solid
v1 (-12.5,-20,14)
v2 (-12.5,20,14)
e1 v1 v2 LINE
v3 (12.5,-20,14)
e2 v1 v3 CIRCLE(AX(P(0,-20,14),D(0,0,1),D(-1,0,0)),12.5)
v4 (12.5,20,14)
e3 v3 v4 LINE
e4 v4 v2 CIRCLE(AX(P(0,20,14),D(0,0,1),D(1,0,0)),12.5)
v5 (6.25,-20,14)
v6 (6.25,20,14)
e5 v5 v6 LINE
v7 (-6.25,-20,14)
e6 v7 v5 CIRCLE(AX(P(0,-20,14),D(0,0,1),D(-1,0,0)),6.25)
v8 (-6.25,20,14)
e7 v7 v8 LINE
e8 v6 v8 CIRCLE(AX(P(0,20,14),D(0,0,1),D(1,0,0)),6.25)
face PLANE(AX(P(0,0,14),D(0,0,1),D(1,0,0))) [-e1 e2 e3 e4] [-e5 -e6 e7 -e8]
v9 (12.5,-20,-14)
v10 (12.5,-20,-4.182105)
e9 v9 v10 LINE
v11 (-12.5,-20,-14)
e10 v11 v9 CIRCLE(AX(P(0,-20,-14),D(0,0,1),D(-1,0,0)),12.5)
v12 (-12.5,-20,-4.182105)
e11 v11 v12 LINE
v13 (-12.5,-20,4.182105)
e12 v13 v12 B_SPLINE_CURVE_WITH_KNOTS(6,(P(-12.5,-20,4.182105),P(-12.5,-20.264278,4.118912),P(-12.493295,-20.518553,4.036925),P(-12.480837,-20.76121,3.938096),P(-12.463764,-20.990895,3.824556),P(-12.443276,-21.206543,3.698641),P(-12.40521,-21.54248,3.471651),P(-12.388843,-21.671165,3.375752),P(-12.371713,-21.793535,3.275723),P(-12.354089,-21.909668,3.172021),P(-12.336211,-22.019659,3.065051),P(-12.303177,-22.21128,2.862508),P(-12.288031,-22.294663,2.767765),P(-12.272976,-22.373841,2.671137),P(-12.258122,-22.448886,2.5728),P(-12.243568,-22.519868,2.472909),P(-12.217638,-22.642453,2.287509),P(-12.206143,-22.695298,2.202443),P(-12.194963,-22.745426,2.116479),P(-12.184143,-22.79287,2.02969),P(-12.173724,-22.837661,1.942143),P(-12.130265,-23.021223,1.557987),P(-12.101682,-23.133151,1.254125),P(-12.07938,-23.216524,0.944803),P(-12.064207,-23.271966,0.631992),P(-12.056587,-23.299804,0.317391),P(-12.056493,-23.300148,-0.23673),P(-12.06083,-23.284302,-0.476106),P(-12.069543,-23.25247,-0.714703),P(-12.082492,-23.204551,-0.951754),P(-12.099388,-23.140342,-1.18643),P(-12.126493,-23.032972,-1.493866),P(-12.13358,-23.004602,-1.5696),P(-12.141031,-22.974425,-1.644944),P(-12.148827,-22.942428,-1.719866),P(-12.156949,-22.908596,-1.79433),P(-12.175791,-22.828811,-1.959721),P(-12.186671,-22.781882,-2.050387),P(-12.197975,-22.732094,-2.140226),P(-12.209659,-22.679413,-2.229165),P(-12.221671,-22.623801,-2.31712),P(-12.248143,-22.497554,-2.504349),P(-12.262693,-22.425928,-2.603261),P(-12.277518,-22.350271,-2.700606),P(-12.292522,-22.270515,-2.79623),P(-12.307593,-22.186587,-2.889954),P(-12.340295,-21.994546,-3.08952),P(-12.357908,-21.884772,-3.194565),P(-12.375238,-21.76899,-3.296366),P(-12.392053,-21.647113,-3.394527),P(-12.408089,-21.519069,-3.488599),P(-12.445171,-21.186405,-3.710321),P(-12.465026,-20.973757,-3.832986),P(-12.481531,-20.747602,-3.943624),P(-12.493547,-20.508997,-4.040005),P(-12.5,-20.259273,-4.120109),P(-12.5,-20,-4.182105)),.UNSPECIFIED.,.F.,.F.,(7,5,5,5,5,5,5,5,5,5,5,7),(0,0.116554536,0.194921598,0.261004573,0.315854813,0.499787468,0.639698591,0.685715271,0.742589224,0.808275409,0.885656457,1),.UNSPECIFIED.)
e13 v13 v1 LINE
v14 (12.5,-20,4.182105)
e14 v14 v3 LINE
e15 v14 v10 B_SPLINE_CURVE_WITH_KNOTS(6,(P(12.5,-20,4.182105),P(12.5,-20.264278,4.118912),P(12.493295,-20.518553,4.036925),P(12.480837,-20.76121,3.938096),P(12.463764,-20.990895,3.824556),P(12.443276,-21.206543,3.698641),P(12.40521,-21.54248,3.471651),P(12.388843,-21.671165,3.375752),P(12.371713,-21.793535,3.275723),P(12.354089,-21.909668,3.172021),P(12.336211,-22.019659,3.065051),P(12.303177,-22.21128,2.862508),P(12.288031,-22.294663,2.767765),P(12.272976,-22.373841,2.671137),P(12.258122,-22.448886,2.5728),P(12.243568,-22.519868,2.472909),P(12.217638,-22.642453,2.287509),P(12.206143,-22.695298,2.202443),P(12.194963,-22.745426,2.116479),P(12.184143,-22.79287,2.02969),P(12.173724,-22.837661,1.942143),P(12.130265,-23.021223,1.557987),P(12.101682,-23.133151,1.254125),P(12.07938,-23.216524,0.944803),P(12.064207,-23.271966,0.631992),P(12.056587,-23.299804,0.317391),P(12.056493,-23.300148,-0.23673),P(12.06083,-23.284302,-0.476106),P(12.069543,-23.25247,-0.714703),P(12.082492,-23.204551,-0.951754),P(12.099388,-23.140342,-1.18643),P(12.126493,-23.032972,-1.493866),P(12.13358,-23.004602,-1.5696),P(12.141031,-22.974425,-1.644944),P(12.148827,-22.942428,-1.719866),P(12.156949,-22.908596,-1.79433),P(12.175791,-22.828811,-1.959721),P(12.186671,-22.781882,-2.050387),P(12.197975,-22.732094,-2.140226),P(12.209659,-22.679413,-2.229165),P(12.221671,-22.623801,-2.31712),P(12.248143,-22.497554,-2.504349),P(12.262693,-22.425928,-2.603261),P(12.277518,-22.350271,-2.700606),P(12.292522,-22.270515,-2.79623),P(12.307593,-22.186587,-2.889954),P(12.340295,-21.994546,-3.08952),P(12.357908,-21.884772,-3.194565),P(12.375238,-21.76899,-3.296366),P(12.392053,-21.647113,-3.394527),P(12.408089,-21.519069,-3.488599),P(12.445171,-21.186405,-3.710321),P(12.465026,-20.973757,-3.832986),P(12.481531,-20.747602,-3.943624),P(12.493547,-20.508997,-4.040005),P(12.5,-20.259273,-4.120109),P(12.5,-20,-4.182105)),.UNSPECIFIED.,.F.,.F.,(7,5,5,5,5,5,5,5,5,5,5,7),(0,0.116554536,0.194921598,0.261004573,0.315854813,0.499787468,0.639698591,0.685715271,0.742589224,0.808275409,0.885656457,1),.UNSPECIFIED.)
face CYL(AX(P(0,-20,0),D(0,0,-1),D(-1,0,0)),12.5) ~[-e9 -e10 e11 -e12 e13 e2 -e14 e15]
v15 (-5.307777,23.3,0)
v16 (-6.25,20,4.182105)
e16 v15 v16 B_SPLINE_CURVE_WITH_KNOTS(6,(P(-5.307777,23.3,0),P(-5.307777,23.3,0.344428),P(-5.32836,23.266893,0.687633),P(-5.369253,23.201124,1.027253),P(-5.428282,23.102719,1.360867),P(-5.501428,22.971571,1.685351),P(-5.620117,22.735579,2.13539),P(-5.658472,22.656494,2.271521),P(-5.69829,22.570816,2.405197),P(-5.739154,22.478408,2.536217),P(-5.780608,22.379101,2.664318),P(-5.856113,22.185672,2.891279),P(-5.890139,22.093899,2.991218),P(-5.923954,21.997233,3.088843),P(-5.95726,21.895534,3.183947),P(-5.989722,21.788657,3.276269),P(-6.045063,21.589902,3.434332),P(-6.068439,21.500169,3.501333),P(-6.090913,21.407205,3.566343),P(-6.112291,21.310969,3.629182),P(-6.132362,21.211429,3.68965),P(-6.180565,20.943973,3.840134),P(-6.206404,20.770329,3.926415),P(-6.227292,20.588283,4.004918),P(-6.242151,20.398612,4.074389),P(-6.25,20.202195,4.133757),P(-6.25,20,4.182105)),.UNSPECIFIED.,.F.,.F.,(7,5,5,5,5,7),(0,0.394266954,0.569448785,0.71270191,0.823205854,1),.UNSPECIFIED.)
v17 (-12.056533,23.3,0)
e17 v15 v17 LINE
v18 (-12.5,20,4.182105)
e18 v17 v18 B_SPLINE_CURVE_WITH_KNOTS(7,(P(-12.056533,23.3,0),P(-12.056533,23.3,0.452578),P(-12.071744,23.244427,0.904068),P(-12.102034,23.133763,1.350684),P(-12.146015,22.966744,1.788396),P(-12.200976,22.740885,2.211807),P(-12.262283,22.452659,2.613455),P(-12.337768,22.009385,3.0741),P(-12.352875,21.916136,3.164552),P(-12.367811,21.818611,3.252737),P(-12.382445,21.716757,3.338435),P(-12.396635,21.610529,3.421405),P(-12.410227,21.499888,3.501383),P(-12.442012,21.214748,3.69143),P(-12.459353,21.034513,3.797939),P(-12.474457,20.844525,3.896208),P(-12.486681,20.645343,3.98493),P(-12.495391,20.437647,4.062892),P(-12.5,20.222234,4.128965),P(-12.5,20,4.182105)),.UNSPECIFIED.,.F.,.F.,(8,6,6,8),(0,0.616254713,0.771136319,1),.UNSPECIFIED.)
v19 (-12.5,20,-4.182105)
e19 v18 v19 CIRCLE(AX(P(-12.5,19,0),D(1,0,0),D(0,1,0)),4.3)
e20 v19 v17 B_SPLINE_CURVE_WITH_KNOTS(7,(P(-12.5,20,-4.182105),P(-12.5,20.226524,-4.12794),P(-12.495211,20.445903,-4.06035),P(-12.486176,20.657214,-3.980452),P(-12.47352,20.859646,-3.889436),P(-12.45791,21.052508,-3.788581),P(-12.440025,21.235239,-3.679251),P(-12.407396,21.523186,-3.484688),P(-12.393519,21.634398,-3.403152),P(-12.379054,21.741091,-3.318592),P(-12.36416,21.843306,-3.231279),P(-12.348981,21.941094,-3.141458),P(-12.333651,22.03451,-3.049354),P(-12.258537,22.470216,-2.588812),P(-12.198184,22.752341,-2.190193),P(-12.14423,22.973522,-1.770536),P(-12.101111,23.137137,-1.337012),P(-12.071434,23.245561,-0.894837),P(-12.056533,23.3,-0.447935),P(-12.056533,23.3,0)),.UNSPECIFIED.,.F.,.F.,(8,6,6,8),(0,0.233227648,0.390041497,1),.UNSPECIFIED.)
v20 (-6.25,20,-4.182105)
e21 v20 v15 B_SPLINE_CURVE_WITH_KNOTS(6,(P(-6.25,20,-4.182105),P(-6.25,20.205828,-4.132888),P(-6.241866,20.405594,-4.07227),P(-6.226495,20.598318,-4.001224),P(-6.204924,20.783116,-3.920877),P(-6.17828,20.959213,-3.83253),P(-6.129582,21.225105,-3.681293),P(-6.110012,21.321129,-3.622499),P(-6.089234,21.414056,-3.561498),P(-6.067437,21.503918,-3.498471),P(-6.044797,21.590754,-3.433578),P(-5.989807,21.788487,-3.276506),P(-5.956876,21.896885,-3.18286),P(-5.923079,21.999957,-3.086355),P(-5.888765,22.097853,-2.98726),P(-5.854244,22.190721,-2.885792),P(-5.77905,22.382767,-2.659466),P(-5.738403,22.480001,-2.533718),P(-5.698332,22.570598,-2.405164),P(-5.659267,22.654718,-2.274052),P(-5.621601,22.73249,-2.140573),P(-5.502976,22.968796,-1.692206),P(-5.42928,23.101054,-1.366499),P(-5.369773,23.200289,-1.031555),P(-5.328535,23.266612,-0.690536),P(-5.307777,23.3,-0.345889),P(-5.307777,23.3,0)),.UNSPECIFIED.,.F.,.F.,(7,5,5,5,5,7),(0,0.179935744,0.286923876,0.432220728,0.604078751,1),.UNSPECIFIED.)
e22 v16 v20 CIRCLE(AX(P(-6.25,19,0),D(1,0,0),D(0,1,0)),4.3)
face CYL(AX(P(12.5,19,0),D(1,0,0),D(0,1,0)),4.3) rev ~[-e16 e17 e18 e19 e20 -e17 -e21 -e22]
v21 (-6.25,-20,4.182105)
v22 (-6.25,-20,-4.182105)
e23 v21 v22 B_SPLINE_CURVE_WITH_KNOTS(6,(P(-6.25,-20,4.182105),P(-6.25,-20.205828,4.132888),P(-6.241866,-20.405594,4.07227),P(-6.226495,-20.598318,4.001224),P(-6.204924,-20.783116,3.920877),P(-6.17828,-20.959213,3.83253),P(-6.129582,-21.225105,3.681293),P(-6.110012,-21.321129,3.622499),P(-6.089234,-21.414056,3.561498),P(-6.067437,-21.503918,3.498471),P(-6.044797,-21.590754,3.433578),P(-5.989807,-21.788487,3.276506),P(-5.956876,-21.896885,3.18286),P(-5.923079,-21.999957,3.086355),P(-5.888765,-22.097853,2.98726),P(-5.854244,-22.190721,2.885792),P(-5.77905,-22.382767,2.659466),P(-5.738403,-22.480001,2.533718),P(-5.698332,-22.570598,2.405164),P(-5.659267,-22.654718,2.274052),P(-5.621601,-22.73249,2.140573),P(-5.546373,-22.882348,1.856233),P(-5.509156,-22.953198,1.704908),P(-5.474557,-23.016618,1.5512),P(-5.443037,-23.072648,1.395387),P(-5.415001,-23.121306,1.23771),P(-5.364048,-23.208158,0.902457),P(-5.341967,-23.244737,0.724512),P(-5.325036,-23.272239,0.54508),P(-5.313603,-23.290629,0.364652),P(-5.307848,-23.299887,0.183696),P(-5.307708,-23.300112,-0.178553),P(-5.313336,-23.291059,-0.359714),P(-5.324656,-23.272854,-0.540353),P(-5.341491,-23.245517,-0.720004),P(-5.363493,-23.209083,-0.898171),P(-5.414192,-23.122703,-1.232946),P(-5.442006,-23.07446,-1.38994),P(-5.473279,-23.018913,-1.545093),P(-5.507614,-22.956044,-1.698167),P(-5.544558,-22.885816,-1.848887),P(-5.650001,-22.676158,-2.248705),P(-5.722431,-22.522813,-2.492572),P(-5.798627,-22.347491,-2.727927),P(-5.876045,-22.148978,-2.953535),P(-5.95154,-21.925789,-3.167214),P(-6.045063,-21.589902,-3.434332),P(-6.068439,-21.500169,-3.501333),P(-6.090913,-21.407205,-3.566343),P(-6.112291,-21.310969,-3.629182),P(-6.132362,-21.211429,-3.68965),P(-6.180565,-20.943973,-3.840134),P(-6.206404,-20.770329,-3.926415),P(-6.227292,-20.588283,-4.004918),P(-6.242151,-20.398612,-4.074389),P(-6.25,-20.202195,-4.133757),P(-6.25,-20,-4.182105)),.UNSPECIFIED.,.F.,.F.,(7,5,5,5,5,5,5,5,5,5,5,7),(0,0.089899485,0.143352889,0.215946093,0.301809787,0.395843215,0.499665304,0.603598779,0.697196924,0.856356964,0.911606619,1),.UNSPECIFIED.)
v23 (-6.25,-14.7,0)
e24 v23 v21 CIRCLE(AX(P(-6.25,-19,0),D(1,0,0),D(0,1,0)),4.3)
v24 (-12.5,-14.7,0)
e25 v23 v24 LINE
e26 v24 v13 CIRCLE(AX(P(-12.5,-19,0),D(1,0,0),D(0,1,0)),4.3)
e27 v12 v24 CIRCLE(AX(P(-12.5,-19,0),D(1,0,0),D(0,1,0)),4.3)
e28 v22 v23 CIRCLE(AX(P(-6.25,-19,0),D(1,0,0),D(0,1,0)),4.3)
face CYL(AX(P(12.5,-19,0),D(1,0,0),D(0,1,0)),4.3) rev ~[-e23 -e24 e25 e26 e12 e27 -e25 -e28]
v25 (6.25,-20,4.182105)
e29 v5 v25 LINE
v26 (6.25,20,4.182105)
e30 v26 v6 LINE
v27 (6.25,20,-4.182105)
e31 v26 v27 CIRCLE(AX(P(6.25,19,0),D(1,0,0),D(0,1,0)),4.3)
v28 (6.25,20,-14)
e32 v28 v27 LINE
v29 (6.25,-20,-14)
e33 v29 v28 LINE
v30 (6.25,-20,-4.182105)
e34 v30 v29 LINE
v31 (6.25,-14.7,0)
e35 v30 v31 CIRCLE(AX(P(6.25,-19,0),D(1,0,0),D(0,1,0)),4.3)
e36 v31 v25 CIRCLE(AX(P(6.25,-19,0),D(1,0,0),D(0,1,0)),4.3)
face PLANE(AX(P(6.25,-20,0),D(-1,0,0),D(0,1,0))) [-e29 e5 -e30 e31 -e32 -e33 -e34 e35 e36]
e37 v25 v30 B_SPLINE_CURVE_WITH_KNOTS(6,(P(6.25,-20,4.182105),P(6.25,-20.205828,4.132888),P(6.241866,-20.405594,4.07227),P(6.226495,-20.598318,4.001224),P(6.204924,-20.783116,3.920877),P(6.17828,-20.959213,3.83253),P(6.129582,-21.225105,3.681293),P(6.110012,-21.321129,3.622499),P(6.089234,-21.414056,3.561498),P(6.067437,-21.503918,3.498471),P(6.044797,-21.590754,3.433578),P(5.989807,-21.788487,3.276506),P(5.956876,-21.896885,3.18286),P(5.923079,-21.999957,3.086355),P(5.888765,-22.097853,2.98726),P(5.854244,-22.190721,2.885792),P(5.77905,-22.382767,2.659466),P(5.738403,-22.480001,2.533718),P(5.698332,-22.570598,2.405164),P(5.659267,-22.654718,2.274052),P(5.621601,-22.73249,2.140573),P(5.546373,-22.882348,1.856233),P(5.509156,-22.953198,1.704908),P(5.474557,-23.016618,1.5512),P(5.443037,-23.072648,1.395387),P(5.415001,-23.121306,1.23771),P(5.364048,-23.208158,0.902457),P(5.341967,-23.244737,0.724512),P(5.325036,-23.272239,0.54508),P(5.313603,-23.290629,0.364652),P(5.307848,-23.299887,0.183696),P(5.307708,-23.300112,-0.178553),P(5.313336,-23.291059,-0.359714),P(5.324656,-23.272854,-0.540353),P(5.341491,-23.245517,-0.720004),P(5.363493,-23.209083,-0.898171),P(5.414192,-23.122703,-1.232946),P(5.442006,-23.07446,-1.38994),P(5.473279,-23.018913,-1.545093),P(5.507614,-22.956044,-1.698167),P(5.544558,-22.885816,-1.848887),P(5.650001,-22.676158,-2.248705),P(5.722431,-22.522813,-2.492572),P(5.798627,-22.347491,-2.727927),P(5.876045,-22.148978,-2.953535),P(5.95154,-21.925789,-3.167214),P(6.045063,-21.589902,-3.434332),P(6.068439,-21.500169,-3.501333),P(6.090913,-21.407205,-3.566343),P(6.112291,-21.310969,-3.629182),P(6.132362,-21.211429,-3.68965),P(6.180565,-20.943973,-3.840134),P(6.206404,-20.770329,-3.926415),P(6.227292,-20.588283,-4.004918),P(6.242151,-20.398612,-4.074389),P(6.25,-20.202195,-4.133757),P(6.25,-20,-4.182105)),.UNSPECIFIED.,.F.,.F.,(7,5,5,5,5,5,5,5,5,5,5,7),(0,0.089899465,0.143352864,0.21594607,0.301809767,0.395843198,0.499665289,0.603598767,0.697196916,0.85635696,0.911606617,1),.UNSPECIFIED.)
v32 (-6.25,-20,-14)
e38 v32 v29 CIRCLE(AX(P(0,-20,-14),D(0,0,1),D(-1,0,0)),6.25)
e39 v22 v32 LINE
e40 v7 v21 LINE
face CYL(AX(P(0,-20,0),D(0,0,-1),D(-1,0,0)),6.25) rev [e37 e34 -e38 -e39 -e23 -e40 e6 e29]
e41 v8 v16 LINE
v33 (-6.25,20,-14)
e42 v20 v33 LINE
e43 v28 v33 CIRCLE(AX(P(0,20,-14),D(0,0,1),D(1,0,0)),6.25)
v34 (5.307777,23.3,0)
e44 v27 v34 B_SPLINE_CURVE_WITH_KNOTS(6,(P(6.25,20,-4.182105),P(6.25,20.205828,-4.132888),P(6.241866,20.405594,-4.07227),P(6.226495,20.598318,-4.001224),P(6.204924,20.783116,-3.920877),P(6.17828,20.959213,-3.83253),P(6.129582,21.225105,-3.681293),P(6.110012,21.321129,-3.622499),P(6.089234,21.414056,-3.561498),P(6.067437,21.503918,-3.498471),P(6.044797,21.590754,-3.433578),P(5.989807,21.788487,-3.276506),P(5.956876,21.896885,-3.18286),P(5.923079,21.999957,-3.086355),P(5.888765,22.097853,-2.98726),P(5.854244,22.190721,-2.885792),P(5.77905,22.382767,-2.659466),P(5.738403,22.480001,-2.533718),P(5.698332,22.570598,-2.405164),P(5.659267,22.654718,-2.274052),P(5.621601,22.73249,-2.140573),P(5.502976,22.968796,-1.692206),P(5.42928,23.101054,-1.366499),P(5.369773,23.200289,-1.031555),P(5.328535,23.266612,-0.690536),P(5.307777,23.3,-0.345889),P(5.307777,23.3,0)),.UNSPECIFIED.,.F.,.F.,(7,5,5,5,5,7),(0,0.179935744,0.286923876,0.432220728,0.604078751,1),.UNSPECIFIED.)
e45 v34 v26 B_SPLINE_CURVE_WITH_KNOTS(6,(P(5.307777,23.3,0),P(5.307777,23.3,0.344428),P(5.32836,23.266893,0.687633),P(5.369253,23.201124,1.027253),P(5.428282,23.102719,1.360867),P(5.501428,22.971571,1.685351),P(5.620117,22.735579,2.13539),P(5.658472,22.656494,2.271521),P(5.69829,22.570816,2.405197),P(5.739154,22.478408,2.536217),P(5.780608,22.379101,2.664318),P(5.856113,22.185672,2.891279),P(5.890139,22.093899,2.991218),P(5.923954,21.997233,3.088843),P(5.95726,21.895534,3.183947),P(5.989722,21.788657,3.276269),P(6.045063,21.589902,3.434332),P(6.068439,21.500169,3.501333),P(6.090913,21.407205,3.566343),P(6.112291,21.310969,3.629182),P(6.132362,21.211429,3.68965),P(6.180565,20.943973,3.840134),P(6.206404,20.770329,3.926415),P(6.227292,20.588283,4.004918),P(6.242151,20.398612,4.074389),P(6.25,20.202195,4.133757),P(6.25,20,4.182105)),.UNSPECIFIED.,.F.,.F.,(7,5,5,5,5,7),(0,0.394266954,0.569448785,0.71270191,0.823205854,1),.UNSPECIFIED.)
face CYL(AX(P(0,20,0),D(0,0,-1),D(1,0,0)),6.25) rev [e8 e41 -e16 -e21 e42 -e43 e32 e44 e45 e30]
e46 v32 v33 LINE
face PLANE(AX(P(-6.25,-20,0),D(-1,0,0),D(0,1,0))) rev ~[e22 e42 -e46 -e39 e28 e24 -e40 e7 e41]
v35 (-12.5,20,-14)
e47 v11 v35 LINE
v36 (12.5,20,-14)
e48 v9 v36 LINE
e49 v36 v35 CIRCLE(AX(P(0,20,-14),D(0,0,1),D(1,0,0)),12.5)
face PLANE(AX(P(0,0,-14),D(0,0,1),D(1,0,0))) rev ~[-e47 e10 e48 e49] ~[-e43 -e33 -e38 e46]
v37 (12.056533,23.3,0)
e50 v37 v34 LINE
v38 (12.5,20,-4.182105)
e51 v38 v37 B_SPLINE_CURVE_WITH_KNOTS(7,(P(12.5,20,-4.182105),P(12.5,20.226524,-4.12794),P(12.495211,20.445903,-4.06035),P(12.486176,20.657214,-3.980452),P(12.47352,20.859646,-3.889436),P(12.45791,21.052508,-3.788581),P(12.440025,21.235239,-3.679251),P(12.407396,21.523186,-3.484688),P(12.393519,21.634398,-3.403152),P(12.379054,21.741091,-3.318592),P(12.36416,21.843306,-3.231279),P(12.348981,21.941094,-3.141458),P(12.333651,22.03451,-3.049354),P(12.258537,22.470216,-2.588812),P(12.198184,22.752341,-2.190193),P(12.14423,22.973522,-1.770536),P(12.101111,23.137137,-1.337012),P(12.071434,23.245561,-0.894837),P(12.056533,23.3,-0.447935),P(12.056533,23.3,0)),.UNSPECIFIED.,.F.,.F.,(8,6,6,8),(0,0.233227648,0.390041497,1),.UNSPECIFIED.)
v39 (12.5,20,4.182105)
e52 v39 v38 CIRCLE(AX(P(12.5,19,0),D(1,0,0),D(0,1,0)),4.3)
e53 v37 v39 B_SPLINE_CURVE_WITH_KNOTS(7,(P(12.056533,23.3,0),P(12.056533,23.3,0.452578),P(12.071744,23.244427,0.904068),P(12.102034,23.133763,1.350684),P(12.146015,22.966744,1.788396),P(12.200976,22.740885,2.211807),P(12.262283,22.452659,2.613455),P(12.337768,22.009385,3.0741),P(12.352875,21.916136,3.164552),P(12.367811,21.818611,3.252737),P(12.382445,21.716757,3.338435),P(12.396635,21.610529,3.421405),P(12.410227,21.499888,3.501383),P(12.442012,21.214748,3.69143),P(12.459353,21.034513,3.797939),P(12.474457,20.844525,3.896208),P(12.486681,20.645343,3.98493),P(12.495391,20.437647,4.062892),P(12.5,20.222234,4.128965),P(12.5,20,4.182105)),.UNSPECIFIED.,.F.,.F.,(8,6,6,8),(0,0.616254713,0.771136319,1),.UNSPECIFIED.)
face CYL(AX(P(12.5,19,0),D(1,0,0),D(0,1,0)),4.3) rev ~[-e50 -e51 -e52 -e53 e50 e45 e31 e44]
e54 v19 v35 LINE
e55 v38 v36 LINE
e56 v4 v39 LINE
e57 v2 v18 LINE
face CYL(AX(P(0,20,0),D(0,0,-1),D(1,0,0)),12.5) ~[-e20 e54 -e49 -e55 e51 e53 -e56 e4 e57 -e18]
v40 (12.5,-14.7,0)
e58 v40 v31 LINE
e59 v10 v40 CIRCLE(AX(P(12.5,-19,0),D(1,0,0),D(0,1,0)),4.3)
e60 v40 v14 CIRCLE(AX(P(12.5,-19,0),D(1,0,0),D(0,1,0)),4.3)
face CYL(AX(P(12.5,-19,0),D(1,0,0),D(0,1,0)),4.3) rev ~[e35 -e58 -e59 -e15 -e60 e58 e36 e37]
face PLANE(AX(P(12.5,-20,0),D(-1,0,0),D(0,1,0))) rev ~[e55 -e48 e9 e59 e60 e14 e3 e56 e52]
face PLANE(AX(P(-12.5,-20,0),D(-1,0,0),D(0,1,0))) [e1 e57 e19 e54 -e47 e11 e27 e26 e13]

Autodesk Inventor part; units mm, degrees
ref_plane "XZ Plane" through (0, 0, 0) normal (0, 1, 0) x (-1, 0, 0)
ref_plane "XY Plane" through (0, 0, 0) normal (0, 0, 1) x (1, 0, 0)
sketch "Sketch1" plane through (0, 0, 0) normal (0, 0, 1) x (1, 0, 0)
  line L0 (-12.5, -20) -> (-12.5, 20)
  arc A0 (12.5, 20) -> (-12.5, 20) centre (0, 20) ccw
  arc A1 (-12.5, -20) -> (12.5, -20) centre (0, -20) ccw
  line L1 (12.5, -20) -> (12.5, 20)
  arc A2 (6.25, 20) -> (-6.25, 20) centre (0, 20) ccw
  arc A3 (-6.25, -20) -> (6.25, -20) centre (0, -20) ccw
  line L2 (6.25, -20) -> (6.25, 20)
  line L3 (-6.25, -20) -> (-6.25, 20)
  point P0 (0, 0)
  point P1 (12.5, 0)
  dimension "d0" = 40
  dimension "d1" = 12.5
  dimension "d2" = 12.5
extrude "Extrusion1" add sketch "Sketch1" along normal mid plane 28
ref_plane "Work Plane1" through (12.5, 0, 0) normal (1, 0, 0) x (0, 1, 0)
sketch "Sketch2" plane through (12.5, 0, 0) normal (1, 0, 0) x (0, 1, 0)
  line L0 (20, 14) -> (20, -14) construction
  line L1 (-20, 14) -> (20, 14) construction
  line L2 (-20, -14) -> (-20, 14) construction
  line L3 (20, -14) -> (-20, -14) construction
  circle A0 centre (19, 0) radius 4.3
  line L4 (0, 14) -> (0, -14) construction
  line L5 (-20, -14) -> (20, -14) construction
  circle A1 centre (-19, 0) radius 4.3
  point P0 (0, 0)
  point P1 (20, 0)
  dimension "d6" = 8.6
  dimension "d10" = 38
extrude "Extrusion2" cut sketch "Sketch2" against normal blind 28
properties part number "cabeza_obj2"
